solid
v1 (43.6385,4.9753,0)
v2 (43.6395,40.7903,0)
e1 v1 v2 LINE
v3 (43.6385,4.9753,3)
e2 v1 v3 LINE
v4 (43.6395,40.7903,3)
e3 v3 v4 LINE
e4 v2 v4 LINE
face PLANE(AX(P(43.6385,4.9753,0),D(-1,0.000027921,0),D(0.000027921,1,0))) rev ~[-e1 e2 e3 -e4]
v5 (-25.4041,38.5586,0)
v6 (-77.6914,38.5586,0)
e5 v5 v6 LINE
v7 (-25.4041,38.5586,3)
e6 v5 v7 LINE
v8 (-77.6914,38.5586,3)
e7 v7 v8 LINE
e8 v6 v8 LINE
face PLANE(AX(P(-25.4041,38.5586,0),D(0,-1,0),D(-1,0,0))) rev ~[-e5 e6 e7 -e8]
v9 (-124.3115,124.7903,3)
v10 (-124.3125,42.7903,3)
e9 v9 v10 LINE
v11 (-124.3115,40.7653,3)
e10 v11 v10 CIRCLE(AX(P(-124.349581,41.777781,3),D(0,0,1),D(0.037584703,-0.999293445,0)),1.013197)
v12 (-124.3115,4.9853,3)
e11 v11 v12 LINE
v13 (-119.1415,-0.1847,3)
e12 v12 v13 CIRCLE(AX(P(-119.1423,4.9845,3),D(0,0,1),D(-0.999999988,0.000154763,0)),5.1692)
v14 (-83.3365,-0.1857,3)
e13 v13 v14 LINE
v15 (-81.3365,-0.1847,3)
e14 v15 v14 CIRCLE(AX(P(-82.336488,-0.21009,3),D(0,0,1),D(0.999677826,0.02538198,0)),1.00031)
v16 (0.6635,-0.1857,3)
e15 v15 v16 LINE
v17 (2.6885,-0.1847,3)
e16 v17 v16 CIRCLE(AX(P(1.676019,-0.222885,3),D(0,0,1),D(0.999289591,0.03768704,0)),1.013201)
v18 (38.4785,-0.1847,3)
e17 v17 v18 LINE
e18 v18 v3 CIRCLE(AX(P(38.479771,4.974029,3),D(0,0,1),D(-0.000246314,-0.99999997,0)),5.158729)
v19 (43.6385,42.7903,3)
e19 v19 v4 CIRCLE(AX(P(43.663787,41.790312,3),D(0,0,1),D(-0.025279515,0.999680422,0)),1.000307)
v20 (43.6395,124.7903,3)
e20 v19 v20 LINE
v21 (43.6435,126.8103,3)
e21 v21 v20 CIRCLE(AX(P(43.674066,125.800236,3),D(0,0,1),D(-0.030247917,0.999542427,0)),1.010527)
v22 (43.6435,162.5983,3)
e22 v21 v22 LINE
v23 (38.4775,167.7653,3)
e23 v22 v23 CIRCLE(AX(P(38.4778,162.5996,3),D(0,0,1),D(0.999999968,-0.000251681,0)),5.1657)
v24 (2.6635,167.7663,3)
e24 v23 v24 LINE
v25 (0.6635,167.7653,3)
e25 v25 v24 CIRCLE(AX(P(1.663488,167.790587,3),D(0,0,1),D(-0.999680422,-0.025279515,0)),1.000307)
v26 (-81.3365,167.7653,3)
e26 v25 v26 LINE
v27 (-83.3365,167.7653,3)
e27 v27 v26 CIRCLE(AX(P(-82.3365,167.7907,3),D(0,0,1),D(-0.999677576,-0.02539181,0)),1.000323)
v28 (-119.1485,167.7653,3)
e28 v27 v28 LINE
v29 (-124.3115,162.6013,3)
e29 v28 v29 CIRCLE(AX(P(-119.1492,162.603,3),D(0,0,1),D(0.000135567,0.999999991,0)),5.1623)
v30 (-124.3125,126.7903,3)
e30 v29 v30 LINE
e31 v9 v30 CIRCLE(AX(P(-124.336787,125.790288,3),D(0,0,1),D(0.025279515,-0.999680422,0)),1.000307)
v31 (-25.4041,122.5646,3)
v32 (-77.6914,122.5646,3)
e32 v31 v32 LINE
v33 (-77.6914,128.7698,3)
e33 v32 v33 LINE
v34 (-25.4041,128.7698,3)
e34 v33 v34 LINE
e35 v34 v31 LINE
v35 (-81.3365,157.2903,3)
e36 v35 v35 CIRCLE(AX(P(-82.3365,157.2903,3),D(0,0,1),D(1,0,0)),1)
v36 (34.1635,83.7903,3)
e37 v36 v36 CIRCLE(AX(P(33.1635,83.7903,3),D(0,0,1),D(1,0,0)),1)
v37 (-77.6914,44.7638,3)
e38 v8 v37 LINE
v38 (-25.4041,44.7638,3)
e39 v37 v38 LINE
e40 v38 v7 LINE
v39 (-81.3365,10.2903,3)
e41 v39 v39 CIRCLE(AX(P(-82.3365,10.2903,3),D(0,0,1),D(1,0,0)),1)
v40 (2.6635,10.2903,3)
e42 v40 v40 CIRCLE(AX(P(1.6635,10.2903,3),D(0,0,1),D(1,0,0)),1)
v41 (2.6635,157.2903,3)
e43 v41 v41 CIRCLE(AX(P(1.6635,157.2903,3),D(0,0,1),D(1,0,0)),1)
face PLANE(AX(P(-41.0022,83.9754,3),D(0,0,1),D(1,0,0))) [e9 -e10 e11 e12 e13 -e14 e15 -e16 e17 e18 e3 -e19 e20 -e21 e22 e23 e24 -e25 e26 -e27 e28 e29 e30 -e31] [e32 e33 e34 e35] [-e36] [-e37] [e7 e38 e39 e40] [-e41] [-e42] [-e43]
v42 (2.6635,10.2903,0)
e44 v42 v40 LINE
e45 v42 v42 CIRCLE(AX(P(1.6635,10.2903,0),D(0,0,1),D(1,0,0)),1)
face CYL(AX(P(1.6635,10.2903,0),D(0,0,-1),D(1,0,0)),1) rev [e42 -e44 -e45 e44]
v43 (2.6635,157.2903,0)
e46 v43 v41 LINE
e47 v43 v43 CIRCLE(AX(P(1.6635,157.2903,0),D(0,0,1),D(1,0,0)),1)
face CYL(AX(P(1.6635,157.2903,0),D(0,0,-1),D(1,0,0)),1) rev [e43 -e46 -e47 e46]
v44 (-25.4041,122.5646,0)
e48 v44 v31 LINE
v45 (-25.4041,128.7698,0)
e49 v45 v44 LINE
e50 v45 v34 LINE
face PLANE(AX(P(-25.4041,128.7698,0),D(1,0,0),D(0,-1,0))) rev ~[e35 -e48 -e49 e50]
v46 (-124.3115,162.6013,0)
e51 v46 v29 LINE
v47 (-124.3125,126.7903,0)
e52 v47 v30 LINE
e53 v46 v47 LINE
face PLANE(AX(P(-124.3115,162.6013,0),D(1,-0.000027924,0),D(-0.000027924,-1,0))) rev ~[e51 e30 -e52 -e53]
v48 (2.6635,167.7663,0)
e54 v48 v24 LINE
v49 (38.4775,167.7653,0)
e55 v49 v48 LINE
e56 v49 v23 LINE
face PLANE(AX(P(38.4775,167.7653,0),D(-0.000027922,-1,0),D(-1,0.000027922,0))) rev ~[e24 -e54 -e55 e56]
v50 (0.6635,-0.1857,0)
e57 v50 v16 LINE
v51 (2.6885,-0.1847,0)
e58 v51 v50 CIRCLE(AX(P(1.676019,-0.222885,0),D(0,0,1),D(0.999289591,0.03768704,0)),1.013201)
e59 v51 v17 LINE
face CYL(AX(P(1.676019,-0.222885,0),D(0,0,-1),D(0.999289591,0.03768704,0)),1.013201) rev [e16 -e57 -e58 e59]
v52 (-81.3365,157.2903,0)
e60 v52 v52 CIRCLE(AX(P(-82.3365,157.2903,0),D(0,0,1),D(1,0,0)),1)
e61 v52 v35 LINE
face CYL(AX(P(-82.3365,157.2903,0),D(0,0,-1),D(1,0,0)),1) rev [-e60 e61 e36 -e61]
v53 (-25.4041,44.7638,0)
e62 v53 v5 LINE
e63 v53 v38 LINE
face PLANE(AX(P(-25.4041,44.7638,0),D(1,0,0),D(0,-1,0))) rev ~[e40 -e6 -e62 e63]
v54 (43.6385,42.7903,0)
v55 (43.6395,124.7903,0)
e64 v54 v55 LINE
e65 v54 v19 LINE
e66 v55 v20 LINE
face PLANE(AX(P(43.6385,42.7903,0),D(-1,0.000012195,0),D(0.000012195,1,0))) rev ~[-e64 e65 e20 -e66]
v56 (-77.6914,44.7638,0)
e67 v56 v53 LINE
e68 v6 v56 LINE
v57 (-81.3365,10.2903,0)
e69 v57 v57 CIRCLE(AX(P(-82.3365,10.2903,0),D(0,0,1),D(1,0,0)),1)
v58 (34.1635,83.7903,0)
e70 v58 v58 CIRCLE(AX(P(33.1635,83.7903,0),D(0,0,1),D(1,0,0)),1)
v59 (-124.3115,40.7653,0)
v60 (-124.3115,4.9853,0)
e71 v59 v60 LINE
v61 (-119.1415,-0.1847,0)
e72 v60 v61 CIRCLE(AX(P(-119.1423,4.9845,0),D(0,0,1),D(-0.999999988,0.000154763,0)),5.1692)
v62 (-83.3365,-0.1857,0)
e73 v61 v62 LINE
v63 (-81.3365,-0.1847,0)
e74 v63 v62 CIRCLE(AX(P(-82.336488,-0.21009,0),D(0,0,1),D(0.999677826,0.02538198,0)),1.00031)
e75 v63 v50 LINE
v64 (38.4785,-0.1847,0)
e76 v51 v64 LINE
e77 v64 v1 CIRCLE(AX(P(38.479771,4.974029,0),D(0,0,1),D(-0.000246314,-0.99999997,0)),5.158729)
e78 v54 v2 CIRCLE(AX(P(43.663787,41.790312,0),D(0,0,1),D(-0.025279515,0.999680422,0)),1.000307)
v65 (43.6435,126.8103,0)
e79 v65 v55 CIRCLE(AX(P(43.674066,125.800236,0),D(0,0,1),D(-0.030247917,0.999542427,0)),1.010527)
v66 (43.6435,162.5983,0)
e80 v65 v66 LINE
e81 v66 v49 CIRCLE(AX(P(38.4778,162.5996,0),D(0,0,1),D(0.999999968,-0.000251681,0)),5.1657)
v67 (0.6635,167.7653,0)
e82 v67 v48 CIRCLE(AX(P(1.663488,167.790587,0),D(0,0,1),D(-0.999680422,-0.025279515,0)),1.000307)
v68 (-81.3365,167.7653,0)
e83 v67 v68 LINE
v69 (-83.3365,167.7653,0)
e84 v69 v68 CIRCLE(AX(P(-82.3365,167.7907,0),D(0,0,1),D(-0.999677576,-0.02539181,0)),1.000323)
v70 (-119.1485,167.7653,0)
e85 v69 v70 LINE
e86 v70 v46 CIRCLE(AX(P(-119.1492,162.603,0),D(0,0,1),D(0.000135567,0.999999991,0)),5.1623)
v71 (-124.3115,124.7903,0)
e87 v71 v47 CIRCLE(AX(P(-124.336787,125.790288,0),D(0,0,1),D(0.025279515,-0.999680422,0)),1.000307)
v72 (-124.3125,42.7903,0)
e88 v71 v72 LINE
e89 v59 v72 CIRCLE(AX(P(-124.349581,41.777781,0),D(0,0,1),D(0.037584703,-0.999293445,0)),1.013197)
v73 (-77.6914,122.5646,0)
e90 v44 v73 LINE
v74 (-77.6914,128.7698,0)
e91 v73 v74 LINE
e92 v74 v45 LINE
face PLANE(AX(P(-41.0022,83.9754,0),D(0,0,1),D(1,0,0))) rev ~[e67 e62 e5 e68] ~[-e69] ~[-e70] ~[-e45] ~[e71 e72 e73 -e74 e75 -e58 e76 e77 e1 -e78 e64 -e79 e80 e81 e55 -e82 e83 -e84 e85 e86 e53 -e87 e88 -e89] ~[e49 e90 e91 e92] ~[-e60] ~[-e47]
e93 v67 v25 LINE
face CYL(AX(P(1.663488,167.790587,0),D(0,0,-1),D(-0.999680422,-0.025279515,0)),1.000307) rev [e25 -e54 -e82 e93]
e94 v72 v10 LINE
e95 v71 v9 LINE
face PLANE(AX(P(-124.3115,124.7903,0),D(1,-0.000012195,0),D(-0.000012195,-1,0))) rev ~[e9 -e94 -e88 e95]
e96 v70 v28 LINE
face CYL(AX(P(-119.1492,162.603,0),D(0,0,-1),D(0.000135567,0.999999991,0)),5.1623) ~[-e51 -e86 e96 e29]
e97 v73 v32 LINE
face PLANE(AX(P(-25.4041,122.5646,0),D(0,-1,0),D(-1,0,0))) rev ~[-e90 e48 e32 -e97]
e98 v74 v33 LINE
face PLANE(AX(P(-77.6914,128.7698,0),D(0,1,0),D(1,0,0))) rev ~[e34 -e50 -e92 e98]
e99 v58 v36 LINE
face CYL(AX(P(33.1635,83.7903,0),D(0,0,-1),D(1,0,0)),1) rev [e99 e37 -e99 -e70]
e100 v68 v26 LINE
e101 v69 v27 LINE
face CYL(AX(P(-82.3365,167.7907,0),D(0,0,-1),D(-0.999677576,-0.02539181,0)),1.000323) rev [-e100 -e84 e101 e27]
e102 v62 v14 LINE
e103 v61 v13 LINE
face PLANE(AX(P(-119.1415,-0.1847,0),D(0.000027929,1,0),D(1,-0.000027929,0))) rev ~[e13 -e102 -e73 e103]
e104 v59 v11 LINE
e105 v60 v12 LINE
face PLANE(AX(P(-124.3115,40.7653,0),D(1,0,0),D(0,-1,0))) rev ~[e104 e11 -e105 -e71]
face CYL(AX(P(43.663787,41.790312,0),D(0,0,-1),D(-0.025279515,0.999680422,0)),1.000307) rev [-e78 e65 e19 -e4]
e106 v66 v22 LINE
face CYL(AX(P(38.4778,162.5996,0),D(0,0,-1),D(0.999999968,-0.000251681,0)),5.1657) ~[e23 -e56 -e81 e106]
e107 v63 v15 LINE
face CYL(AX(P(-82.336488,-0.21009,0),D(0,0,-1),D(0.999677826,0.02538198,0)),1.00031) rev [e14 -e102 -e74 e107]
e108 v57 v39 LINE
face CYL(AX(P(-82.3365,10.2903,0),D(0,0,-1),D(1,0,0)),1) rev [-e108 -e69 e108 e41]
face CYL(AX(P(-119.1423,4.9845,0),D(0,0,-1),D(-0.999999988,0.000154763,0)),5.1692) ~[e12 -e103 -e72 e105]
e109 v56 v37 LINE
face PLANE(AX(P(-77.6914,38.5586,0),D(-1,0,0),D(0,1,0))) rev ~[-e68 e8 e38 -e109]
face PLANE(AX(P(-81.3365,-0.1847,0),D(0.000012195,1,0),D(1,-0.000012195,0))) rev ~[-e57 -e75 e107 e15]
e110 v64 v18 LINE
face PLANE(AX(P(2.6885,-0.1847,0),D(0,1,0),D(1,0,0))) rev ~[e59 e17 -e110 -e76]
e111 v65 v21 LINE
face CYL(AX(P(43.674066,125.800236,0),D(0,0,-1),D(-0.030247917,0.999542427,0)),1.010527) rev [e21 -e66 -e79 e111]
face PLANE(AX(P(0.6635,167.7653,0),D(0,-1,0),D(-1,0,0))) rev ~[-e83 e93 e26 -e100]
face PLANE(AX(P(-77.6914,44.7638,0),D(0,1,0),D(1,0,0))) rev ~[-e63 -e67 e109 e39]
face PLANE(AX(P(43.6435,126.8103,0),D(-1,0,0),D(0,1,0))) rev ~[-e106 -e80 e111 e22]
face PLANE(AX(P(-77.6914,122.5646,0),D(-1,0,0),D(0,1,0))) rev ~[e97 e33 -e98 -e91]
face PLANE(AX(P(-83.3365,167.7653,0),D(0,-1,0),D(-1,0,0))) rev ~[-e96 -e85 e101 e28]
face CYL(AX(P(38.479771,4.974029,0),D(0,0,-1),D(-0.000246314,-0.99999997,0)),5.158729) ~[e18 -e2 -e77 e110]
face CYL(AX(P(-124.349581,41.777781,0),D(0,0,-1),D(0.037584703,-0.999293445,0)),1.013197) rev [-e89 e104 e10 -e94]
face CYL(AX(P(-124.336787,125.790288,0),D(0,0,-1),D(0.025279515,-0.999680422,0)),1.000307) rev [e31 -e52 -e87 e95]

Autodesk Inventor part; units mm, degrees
ref_plane "YZ Plane" through (0, 0, 0) normal (1, 0, 0) x (0, 1, 0)
ref_plane "XZ Plane" through (0, 0, 0) normal (0, 1, 0) x (-1, 0, 0)
ref_plane "XY Plane" through (0, 0, 0) normal (0, 0, 1) x (1, 0, 0)
sketch "Sketch1" plane through (-41.0022, 83.9754, 0) normal (0, 0, 1) x (1, 0, 0)
  line L0 (43.6907, -84.1601) -> (79.4807, -84.1601)
  arc A0 (43.6907, -84.1601) -> (41.6657, -84.1611) centre (42.6783, -84.1982) ccw
  line L1 (-40.3343, -84.1601) -> (41.6657, -84.1611)
  arc A1 (-40.3343, -84.1601) -> (-42.3343, -84.1611) centre (-41.3342, -84.1854) ccw
  line L2 (-78.1393, -84.1601) -> (-42.3343, -84.1611)
  arc A2 (-83.3093, -78.9901) -> (-78.1393, -84.1601) centre (-78.1401, -78.9909) ccw
  line L3 (-83.3093, -43.2101) -> (-83.3093, -78.9901)
  arc A3 (-83.3093, -43.2101) -> (-83.3103, -41.1851) centre (-83.3474, -42.1976) ccw
  line L4 (-83.3093, 40.8149) -> (-83.3103, -41.1851)
  arc A4 (-83.3093, 40.8149) -> (-83.3103, 42.8149) centre (-83.3346, 41.8149) ccw
  line L5 (-83.3093, 78.6259) -> (-83.3103, 42.8149)
  arc A5 (-78.1463, 83.7899) -> (-83.3093, 78.6259) centre (-78.147, 78.6276) ccw
  line L6 (-42.3343, 83.7899) -> (-78.1463, 83.7899)
  arc A6 (-42.3343, 83.7899) -> (-40.3343, 83.7899) centre (-41.3343, 83.8153) ccw
  line L7 (41.6657, 83.7899) -> (-40.3343, 83.7899)
  arc A7 (41.6657, 83.7899) -> (43.6657, 83.7909) centre (42.6657, 83.8152) ccw
  line L8 (79.4797, 83.7899) -> (43.6657, 83.7909)
  arc A8 (84.6457, 78.6229) -> (79.4797, 83.7899) centre (79.48, 78.6242) ccw
  line L9 (84.6457, 42.8349) -> (84.6457, 78.6229)
  arc A9 (84.6457, 42.8349) -> (84.6417, 40.8149) centre (84.6762, 41.8249) ccw
  line L10 (84.6407, -41.1851) -> (84.6417, 40.8149)
  arc A10 (84.6407, -41.1851) -> (84.6417, -43.1851) centre (84.666, -42.1851) ccw
  line L11 (84.6407, -79.0001) -> (84.6417, -43.1851)
  arc A11 (79.4807, -84.1601) -> (84.6407, -79.0001) centre (79.4819, -79.0012) ccw
  circle A12 centre (42.6657, 73.3149) radius 1
  circle A13 centre (-41.3343, 73.3149) radius 1
  circle A14 centre (-41.3343, -73.6851) radius 1
  circle A15 centre (42.6657, -73.6851) radius 1
  circle A16 centre (74.1657, -0.1851) radius 1
  line L12 (15.5981, 38.5892) -> (-36.6892, 38.5892)
  line L13 (-36.6892, 38.5892) -> (-36.6892, 44.7944)
  line L14 (-36.6892, 44.7944) -> (15.5981, 44.7944)
  line L15 (15.5981, 44.7944) -> (15.5981, 38.5892)
  line L16 (15.5981, -45.4168) -> (-36.6892, -45.4168)
  line L17 (-36.6892, -45.4168) -> (-36.6892, -39.2116)
  line L18 (-36.6892, -39.2116) -> (15.5981, -39.2116)
  line L19 (15.5981, -39.2116) -> (15.5981, -45.4168)
  point P0 (0.6657, -0.1851)
  point P1 (-10.5892, -42.205)
  point P2 (-10.5892, 41.801)
  point P3 (-10.5892, -42.205)
extrude "Extrusion1" add sketch "Sketch1" along normal blind 3
properties part number "PCB Protector for Small Board" material "Glass"
